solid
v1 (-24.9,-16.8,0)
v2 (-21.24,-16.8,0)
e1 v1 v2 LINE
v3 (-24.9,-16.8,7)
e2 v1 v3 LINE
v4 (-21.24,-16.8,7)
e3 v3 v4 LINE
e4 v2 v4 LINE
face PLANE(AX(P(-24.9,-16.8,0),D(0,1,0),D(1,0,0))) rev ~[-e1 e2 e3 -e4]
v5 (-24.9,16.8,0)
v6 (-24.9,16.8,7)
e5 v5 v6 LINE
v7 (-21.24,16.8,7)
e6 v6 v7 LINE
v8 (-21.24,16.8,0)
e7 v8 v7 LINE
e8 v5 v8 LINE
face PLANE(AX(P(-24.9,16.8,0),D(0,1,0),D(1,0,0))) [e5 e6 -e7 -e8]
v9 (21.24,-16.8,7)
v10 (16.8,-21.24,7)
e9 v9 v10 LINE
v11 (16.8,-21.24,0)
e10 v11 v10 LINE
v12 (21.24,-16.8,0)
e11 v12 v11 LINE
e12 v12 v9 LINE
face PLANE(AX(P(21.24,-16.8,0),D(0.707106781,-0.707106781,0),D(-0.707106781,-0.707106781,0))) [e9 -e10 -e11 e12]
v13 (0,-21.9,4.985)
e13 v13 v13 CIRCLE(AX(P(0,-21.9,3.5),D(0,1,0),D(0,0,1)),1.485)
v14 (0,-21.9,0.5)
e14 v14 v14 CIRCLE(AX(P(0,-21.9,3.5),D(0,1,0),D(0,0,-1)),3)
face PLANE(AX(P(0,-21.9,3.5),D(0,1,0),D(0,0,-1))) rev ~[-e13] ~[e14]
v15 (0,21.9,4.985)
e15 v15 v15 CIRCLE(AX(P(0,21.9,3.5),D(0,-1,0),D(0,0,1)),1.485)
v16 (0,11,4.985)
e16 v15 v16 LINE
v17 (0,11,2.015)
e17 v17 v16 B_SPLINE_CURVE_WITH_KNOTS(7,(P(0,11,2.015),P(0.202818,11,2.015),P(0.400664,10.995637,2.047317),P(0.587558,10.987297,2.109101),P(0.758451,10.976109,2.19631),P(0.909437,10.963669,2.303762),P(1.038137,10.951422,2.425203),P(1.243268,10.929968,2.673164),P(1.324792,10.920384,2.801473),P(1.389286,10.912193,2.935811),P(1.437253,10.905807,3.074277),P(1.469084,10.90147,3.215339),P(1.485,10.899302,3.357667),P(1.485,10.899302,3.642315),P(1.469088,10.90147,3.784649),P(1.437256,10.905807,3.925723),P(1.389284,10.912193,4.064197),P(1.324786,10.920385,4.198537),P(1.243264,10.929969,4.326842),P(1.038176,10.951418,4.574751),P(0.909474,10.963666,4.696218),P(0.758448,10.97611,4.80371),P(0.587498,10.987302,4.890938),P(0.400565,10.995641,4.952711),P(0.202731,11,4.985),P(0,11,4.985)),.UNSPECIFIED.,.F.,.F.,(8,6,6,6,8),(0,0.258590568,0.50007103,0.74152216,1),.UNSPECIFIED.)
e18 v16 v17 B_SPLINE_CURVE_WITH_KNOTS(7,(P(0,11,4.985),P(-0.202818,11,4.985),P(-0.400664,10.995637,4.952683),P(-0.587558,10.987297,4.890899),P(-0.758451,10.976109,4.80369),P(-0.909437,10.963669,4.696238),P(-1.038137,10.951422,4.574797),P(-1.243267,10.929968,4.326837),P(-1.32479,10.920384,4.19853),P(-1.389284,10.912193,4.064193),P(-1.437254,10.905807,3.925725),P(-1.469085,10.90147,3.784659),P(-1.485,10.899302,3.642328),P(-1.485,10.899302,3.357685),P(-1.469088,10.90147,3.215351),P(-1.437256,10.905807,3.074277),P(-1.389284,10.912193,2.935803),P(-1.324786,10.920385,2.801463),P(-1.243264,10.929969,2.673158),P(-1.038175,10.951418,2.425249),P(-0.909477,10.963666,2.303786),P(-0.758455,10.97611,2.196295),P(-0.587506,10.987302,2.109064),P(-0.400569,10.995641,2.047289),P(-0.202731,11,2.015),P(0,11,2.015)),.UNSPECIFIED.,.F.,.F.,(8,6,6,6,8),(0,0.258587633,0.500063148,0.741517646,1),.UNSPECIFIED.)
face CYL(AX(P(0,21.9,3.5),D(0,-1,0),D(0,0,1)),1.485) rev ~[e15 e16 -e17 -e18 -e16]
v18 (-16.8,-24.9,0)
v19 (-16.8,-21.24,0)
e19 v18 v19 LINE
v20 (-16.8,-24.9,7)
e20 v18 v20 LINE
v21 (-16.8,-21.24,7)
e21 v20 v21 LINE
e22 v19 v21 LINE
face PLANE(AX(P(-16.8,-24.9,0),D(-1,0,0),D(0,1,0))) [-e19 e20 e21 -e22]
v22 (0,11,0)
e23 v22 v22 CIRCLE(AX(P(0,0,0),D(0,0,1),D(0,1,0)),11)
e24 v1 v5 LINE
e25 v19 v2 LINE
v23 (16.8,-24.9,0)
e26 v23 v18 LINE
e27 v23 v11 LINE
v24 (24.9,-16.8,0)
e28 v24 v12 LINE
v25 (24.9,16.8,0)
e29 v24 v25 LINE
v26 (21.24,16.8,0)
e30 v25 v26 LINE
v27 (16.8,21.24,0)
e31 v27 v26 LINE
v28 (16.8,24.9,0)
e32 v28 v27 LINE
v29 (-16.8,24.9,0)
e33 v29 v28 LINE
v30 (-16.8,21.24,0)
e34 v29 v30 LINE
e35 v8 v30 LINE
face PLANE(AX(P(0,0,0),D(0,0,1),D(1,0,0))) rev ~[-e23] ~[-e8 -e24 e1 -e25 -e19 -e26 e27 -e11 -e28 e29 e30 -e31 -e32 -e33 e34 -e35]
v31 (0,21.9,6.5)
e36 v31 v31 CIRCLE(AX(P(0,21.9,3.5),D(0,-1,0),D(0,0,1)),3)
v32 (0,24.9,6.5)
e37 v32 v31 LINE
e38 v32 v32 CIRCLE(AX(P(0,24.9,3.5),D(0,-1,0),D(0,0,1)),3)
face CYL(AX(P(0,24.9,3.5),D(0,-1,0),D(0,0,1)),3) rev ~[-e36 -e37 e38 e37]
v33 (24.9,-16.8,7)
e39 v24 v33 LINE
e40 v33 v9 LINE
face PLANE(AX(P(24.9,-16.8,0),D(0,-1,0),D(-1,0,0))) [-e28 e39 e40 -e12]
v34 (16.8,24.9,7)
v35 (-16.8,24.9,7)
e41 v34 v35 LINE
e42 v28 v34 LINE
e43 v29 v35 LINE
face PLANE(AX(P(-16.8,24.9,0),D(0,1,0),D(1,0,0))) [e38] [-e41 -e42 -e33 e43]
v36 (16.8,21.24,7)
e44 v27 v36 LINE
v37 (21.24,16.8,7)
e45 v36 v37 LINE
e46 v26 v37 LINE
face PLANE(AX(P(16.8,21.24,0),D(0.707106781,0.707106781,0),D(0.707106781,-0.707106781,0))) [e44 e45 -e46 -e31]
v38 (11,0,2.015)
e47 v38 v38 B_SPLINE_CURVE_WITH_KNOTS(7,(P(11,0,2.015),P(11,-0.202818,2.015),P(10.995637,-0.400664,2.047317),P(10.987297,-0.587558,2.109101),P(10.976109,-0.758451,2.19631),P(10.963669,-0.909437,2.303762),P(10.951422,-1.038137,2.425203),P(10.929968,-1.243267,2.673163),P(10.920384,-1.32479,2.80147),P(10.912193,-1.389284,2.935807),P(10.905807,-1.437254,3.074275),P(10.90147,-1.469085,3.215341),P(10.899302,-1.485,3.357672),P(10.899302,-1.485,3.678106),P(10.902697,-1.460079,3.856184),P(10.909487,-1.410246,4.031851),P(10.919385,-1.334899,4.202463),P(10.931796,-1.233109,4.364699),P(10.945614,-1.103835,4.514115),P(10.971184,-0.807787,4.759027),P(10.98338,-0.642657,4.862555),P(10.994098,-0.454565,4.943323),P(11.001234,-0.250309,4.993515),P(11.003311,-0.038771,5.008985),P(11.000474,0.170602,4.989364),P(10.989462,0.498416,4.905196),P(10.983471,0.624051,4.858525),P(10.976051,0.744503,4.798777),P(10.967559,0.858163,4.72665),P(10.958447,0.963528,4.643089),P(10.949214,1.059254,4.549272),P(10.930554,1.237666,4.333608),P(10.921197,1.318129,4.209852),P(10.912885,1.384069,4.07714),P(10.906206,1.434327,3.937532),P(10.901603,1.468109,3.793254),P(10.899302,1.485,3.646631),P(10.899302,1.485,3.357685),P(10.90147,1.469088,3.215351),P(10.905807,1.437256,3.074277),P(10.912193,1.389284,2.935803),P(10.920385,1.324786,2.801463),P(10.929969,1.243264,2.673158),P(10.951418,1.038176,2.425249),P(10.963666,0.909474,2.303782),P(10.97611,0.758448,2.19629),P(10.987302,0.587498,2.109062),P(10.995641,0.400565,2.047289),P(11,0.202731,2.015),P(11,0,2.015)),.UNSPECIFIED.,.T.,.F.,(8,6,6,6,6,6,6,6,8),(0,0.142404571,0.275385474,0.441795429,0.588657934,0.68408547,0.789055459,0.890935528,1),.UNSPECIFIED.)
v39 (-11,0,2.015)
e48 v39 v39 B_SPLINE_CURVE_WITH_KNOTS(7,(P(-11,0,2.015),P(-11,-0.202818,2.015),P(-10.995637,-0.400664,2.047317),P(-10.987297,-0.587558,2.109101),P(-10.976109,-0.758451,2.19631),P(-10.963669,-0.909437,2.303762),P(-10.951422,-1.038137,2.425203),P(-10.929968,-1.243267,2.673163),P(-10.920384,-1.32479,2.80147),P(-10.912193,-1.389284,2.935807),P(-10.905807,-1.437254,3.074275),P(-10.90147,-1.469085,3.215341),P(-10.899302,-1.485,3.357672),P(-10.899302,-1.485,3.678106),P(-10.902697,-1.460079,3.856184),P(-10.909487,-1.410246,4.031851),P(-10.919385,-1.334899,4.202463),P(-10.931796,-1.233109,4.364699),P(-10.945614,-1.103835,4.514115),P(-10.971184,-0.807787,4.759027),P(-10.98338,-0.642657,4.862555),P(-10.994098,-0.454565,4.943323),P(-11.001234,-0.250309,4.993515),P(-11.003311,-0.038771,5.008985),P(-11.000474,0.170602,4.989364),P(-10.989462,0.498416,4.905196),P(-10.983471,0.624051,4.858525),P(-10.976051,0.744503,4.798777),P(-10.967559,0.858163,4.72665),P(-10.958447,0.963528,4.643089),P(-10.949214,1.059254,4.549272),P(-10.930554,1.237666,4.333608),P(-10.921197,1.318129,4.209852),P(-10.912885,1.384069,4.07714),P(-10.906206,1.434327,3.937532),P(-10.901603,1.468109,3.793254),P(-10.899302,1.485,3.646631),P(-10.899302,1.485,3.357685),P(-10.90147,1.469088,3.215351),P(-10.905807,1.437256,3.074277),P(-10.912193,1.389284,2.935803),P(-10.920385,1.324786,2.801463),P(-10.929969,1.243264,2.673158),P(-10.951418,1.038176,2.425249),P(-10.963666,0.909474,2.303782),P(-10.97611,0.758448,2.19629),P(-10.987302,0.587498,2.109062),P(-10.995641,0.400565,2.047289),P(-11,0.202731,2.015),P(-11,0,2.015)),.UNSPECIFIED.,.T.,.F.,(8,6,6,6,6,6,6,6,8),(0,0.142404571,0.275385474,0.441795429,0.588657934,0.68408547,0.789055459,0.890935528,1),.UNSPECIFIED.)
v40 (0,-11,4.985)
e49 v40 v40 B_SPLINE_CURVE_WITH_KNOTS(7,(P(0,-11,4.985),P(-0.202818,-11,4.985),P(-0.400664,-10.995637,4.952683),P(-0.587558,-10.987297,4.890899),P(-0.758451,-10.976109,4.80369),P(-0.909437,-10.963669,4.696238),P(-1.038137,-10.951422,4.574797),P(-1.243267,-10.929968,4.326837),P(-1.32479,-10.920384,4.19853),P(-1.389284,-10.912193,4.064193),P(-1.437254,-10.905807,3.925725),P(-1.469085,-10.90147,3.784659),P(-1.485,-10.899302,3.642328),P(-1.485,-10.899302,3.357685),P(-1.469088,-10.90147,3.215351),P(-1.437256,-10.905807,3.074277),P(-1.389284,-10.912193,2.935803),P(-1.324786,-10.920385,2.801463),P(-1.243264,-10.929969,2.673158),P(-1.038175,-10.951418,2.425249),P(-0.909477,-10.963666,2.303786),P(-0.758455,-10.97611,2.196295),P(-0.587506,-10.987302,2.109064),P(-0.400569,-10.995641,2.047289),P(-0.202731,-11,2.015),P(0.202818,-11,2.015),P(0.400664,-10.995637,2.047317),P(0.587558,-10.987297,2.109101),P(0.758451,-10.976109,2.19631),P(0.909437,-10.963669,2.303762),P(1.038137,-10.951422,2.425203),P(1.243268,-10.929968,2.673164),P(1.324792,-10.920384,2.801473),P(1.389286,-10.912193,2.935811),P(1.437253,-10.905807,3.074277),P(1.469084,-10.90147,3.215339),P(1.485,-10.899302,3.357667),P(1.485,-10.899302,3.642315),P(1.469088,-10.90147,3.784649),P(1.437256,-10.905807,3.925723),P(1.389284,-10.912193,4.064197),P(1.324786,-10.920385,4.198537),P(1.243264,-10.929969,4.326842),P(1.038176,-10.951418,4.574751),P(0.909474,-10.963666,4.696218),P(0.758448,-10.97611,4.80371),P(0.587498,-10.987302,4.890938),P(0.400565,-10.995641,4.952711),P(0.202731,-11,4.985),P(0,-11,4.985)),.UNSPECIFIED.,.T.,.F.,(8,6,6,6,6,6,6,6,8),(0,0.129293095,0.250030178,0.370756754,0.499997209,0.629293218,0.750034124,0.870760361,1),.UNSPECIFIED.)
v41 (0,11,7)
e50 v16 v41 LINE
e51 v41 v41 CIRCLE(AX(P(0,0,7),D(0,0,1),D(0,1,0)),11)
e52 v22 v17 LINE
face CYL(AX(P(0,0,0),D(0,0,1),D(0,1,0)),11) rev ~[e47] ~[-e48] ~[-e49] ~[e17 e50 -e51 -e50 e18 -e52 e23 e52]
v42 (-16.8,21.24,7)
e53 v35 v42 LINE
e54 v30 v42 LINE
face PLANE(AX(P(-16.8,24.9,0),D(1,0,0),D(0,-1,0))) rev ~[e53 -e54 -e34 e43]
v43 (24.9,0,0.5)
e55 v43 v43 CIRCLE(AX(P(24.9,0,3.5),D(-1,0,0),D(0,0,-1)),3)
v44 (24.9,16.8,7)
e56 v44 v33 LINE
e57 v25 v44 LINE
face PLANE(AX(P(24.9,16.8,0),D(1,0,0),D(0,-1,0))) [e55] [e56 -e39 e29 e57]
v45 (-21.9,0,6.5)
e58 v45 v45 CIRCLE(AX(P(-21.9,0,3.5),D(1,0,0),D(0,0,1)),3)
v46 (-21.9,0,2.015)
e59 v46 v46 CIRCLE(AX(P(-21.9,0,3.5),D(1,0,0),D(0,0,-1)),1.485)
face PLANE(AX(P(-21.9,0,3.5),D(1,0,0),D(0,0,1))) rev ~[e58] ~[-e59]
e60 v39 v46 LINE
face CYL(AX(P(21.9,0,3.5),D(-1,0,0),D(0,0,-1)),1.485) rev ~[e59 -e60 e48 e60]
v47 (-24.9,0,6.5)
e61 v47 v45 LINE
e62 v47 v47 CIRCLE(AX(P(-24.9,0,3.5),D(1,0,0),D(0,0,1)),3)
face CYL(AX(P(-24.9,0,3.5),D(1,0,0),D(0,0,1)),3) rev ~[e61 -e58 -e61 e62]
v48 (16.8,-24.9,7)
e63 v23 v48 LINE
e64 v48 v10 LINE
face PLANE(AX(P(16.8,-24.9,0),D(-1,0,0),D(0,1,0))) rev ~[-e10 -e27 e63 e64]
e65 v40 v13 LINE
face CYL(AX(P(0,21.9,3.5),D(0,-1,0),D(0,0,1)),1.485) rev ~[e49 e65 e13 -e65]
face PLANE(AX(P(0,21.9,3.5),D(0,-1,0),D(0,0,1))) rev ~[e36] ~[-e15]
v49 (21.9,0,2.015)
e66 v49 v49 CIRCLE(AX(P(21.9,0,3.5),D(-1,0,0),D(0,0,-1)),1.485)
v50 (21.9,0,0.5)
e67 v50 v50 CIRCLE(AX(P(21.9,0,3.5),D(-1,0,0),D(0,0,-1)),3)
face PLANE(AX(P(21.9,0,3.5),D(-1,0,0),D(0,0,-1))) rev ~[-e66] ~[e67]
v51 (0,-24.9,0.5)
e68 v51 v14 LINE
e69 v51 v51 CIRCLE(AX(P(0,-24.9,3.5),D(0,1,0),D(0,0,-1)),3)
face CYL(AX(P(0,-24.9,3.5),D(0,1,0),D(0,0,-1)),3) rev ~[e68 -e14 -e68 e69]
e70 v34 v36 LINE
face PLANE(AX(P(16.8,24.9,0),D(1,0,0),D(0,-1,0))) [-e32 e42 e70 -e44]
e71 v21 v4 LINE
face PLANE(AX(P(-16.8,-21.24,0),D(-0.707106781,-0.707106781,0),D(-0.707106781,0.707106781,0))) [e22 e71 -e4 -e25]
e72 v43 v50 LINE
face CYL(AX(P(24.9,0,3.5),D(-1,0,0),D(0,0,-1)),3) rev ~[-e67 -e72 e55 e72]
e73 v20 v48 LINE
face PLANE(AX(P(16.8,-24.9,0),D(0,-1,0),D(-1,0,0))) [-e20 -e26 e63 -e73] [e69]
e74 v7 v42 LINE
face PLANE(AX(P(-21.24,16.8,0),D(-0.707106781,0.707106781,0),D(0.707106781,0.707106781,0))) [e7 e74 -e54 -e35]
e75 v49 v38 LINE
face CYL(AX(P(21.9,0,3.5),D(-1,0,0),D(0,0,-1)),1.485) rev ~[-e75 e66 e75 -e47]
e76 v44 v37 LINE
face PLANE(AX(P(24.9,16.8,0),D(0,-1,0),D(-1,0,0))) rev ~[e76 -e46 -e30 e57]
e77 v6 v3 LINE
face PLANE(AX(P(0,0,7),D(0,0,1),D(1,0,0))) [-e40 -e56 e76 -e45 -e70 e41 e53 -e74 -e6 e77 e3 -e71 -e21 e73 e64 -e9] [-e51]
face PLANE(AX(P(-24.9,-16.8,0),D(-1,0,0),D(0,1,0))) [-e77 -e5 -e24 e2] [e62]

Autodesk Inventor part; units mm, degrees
ref_plane "YZ Plane" through (0, 0, 0) normal (1, 0, 0) x (0, 1, 0)
ref_plane "XZ Plane" through (0, 0, 0) normal (0, 1, 0) x (-1, 0, 0)
ref_plane "XY Plane" through (0, 0, 0) normal (0, 0, 1) x (1, 0, 0)
sketch "草图1" plane through (0, 0, 0) normal (0, 0, 1) x (1, 0, 0)
  line L0 (24.9, 16.8) -> (24.9, 0)
  line L1 (24.9, 0) -> (24.9, -16.8)
  line L2 (24.9, 0) -> (41.7, 0) construction
  line L3 (24.9, -16.8) -> (21.24, -16.8)
  line L4 (24.9, 16.8) -> (21.24, 16.8)
  line L5 (-16.8, 24.9) -> (0, 24.9)
  line L6 (0, 24.9) -> (16.8, 24.9)
  line L7 (16.8, 24.9) -> (16.8, 21.24)
  line L8 (-16.8, 24.9) -> (-16.8, 21.24)
  line L9 (-24.9, -16.8) -> (-24.9, 0)
  line L10 (-24.9, 0) -> (-24.9, 16.8)
  line L11 (-24.9, 0) -> (-41.7, 0) construction
  line L12 (-24.9, 16.8) -> (-21.24, 16.8)
  line L13 (-24.9, -16.8) -> (-21.24, -16.8)
  line L14 (16.8, -24.9) -> (0, -24.9)
  line L15 (0, -24.9) -> (-16.8, -24.9)
  line L16 (-16.8, -24.9) -> (-16.8, -21.24)
  line L17 (16.8, -24.9) -> (16.8, -21.24)
  line L18 (-21.24, 16.8) -> (-16.8, 21.24)
  line L19 (16.8, 21.24) -> (21.24, 16.8)
  line L20 (21.24, -16.8) -> (16.8, -21.24)
  line L21 (-16.8, -21.24) -> (-21.24, -16.8)
  point P0 (0, 0)
extrude "拉伸1" add sketch "草图1" along normal blind 7
sketch "草图2" plane through (-16.8, 24.9, 0) normal (0, 1, 0) x (1, 0, 0)
  line L0 (0, -7) -> (33.6, -7) projected
  point P0 (16.8, -3.5)
hole "孔1" at (0, 24.9, 3.5) direction (0, -1, 0) diameter 2.97 end through all counterbore diameter 6 counterbore depth 3
sketch "草图3" plane through (-16.8, -24.9, 0) normal (0, -1, 0) x (1, 0, 0)
  point P0 (16.8, 3.5)
hole "孔2" at (0, -24.9, 3.5) direction (0, 1, 0) diameter 2.97 end through all counterbore diameter 6 counterbore depth 3
sketch "草图4" plane through (24.9, -16.8, 0) normal (1, 0, 0) x (0, 0, -1)
  point P0 (0, 16.8)
  point P1 (-3.5, 16.8)
hole "孔3" at (24.9, 0, 3.5) direction (-1, 0, 0) diameter 2.97 end through all counterbore diameter 6 counterbore depth 3
sketch "草图5" plane through (-24.9, -16.8, 0) normal (-1, 0, 0) x (0, 0, 1)
  point P0 (0, 16.8)
  point P1 (3.5, 16.8)
hole "孔4" at (-24.9, 0, 3.5) direction (1, 0, 0) diameter 2.97 end through all counterbore diameter 6 counterbore depth 3
sketch "草图6" plane through (0, 0, 0) normal (0, 0, -1) x (-1, 0, 0)
  point P0 (0, 0)
hole "孔5" at (0, 0, 0) direction (0, 0, 1) diameter 22 end through all
equation "\"d53\" = Thickness"
equation "\"BendRadius\" = Thickness"
equation "\"BendReliefWidth\" = Thickness"
equation "\"BendReliefDepth\" = 0.5 * Thickness"
equation "\"CornerReliefSize\" = 4 * Thickness"
equation "\"MinimumRemnant\" = 2 * Thickness"
equation "\"TransitionRadius\" = BendRadius"
equation "\"JacobiRadiusSize\" = BendRadius"
equation "\"Thickness\" = 0.5"
properties part number "LaserHolder_20mm"
